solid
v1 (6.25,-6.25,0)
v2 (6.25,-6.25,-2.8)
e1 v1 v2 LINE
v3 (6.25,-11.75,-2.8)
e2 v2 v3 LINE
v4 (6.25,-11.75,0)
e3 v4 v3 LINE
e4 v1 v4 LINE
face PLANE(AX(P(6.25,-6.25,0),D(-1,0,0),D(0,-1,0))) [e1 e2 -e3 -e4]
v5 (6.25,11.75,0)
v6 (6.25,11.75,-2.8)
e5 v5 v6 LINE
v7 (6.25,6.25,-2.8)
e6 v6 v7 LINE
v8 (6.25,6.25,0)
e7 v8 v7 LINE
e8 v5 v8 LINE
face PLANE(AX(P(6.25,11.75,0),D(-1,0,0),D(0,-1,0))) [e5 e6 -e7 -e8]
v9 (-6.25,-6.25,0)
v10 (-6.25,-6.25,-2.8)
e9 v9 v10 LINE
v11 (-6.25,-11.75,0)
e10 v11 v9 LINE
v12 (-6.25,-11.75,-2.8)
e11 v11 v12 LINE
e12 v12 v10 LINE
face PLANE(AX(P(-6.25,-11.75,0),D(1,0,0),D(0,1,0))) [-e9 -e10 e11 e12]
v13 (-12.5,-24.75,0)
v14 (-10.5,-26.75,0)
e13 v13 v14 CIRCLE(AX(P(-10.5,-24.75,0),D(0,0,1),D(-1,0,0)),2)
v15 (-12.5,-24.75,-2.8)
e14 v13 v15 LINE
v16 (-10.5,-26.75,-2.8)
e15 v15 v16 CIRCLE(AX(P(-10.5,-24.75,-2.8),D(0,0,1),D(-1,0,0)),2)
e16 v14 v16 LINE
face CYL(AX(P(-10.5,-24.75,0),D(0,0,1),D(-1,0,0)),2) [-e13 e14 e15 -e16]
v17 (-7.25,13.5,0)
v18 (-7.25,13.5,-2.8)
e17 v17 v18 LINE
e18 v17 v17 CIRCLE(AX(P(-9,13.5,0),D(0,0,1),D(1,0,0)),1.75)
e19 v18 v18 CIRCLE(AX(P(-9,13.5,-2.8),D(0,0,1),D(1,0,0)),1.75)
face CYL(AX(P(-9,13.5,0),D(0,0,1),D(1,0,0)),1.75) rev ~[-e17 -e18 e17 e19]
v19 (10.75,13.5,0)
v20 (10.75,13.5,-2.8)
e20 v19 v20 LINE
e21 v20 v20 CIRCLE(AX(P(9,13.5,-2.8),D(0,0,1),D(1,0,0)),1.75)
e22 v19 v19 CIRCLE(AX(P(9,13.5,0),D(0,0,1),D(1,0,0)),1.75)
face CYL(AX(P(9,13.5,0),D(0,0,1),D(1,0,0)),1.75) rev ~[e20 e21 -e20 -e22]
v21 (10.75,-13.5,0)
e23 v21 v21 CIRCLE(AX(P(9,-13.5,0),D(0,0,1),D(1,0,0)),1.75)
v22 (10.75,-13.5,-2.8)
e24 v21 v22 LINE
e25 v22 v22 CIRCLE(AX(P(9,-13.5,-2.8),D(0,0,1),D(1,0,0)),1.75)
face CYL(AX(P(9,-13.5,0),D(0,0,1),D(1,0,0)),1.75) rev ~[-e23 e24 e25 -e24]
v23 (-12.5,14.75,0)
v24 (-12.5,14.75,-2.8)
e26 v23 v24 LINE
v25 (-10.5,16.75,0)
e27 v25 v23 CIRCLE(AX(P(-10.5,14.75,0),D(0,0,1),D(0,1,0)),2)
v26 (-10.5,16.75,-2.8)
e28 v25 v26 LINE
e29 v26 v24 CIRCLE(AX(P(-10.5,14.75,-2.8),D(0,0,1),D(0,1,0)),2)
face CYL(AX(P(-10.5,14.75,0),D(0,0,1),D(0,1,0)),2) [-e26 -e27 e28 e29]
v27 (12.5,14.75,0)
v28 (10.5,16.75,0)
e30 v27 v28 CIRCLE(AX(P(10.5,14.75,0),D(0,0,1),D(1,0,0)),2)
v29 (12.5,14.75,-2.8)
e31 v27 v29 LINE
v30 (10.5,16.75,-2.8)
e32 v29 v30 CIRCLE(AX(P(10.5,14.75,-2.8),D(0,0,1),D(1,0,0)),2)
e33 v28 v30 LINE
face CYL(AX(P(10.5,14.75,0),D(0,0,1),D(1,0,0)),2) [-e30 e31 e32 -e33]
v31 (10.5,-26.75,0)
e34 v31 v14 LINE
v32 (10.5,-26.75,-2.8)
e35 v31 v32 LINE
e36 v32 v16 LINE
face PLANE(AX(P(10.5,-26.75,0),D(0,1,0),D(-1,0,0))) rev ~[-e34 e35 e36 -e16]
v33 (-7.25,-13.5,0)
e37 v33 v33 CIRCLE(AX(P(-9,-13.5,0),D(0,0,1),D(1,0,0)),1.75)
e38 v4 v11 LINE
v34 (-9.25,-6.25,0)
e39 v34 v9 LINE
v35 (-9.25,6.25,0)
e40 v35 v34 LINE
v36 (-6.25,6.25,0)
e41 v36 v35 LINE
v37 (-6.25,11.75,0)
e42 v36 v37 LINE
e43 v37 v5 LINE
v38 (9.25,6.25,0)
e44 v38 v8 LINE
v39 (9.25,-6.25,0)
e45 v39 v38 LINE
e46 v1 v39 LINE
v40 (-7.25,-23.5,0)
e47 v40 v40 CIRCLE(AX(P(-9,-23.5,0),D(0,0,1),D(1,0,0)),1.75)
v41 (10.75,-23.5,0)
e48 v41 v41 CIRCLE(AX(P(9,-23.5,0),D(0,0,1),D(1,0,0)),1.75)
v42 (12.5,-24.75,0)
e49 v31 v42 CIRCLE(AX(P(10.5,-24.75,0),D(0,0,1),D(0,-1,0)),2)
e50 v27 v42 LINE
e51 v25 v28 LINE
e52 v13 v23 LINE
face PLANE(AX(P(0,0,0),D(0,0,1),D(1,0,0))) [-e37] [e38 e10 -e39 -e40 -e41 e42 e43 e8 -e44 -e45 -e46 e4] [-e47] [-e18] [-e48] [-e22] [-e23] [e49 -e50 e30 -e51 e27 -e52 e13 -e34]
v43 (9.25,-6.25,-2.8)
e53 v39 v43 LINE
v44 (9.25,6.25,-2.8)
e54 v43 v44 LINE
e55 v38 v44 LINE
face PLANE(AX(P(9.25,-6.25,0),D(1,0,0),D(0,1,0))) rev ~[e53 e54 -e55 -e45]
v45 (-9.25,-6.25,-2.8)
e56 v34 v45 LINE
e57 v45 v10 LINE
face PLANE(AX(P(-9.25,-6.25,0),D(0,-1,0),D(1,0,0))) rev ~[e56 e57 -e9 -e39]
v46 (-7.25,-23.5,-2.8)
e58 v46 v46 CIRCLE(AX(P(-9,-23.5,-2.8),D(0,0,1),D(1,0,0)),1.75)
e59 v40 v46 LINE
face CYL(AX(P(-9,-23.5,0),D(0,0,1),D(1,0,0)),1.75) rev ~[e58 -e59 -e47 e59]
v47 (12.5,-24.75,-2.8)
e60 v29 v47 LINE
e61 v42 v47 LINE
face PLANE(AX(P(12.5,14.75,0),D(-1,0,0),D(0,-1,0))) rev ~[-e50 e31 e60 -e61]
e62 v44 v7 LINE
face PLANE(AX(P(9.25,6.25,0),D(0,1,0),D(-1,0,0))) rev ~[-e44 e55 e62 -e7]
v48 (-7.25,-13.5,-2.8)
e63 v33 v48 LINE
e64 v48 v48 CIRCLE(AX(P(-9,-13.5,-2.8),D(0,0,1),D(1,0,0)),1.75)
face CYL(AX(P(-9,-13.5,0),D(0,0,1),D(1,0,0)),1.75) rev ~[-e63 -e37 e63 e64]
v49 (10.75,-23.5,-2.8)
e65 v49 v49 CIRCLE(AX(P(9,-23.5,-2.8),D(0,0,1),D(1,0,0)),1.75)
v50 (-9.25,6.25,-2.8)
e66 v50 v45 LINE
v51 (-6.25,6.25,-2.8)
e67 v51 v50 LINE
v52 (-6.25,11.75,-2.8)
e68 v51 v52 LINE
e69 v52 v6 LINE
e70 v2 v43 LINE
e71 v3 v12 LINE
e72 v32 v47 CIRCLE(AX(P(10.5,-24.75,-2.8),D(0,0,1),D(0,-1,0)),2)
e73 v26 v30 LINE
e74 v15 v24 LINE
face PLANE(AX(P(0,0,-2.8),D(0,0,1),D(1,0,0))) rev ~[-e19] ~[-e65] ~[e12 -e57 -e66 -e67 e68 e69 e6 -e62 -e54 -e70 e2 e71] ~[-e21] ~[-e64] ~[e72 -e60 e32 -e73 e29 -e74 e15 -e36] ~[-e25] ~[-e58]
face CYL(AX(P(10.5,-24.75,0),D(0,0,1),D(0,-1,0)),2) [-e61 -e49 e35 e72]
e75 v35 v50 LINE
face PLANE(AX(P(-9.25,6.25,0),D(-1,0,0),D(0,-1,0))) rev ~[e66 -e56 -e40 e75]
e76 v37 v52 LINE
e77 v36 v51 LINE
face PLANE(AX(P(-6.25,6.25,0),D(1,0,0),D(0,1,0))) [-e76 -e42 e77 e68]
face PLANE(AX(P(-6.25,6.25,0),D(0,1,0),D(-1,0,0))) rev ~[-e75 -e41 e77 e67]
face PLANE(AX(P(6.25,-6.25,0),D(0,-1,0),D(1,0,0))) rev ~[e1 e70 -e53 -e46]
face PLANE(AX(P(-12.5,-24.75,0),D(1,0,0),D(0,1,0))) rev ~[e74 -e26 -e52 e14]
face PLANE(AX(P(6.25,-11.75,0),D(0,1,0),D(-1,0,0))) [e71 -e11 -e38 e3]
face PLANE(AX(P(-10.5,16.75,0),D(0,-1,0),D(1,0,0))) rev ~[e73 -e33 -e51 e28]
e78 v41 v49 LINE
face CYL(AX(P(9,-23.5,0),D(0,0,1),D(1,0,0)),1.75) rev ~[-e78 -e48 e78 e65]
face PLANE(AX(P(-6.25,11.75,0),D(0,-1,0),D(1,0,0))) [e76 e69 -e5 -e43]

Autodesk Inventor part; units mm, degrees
ref_plane "YZ Plane" through (0, 0, 0) normal (1, 0, 0) x (0, 1, 0)
ref_plane "XZ Plane" through (0, 0, 0) normal (0, 1, 0) x (-1, 0, 0)
ref_plane "XY Plane" through (0, 0, 0) normal (0, 0, 1) x (1, 0, 0)
sketch "Sketch1" plane through (0, 0, 0) normal (0, 0, 1) x (1, 0, 0)
  line L0 (6.25, -11.75) -> (-6.25, -11.75)
  line L1 (-6.25, -11.75) -> (-6.25, 11.75)
  line L2 (-6.25, 11.75) -> (6.25, 11.75)
  line L3 (6.25, 11.75) -> (6.25, -11.75)
  line L4 (6.25, -11.75) -> (-6.25, 11.75) construction
  line L5 (-6.25, -11.75) -> (6.25, 11.75) construction
  line L6 (9.25, 6.25) -> (-9.25, 6.25)
  line L7 (-9.25, 6.25) -> (-9.25, -6.25)
  line L8 (-9.25, -6.25) -> (9.25, -6.25)
  line L9 (9.25, -6.25) -> (9.25, 6.25)
  line L10 (9.25, 6.25) -> (-9.25, -6.25) construction
  line L11 (-9.25, 6.25) -> (9.25, -6.25) construction
  line L12 (-10.5, 16.75) -> (10.5, 16.75)
  line L13 (12.5, 14.75) -> (12.5, -24.75)
  line L14 (10.5, -26.75) -> (-10.5, -26.75)
  line L15 (-12.5, -24.75) -> (-12.5, 14.75)
  line L16 (-9, -13.5) -> (9, -13.5) construction
  line L17 (9, -13.5) -> (9, -23.5) construction
  line L18 (9, -23.5) -> (-9, -23.5) construction
  line L19 (-9, -23.5) -> (-9, -13.5) construction
  circle A0 centre (-9, -23.5) radius 1.75
  circle A1 centre (-9, -13.5) radius 1.75
  circle A2 centre (9, -13.5) radius 1.75
  circle A3 centre (9, -23.5) radius 1.75
  line L20 (-9, 13.5) -> (9, 13.5) construction
  circle A4 centre (-9, 13.5) radius 1.75
  circle A5 centre (9, 13.5) radius 1.75
  arc A6 (-10.5, 16.75) -> (-12.5, 14.75) centre (-10.5, 14.75) ccw
  arc A7 (12.5, 14.75) -> (10.5, 16.75) centre (10.5, 14.75) ccw
  arc A8 (10.5, -26.75) -> (12.5, -24.75) centre (10.5, -24.75) ccw
  arc A9 (-12.5, -24.75) -> (-10.5, -26.75) centre (-10.5, -24.75) ccw
  point P0 (0, 0)
  point P1 (-12.5, 16.75)
  point P2 (12.5, 16.75)
  point P3 (-12.5, -26.75)
  point P4 (0, 16.75)
  point P5 (0, 0)
  point P6 (0, -23.5)
  point P7 (0, 0)
  dimension "d0" = 43.5
  dimension "d1" = 25
  dimension "d2" = 23.5
  dimension "d3" = 12.5
  dimension "d4" = 18.5
  dimension "d5" = 12.5
  dimension "d6" = 16.75
  dimension "d7" = 18
  dimension "d8" = 10
  dimension "d9" = 3.5
  dimension "d10" = 3.25
  dimension "d11" = 3.25
  dimension "d12" = 2
extrude "Extrusion1" add sketch "Sketch1" against normal blind 2.8
